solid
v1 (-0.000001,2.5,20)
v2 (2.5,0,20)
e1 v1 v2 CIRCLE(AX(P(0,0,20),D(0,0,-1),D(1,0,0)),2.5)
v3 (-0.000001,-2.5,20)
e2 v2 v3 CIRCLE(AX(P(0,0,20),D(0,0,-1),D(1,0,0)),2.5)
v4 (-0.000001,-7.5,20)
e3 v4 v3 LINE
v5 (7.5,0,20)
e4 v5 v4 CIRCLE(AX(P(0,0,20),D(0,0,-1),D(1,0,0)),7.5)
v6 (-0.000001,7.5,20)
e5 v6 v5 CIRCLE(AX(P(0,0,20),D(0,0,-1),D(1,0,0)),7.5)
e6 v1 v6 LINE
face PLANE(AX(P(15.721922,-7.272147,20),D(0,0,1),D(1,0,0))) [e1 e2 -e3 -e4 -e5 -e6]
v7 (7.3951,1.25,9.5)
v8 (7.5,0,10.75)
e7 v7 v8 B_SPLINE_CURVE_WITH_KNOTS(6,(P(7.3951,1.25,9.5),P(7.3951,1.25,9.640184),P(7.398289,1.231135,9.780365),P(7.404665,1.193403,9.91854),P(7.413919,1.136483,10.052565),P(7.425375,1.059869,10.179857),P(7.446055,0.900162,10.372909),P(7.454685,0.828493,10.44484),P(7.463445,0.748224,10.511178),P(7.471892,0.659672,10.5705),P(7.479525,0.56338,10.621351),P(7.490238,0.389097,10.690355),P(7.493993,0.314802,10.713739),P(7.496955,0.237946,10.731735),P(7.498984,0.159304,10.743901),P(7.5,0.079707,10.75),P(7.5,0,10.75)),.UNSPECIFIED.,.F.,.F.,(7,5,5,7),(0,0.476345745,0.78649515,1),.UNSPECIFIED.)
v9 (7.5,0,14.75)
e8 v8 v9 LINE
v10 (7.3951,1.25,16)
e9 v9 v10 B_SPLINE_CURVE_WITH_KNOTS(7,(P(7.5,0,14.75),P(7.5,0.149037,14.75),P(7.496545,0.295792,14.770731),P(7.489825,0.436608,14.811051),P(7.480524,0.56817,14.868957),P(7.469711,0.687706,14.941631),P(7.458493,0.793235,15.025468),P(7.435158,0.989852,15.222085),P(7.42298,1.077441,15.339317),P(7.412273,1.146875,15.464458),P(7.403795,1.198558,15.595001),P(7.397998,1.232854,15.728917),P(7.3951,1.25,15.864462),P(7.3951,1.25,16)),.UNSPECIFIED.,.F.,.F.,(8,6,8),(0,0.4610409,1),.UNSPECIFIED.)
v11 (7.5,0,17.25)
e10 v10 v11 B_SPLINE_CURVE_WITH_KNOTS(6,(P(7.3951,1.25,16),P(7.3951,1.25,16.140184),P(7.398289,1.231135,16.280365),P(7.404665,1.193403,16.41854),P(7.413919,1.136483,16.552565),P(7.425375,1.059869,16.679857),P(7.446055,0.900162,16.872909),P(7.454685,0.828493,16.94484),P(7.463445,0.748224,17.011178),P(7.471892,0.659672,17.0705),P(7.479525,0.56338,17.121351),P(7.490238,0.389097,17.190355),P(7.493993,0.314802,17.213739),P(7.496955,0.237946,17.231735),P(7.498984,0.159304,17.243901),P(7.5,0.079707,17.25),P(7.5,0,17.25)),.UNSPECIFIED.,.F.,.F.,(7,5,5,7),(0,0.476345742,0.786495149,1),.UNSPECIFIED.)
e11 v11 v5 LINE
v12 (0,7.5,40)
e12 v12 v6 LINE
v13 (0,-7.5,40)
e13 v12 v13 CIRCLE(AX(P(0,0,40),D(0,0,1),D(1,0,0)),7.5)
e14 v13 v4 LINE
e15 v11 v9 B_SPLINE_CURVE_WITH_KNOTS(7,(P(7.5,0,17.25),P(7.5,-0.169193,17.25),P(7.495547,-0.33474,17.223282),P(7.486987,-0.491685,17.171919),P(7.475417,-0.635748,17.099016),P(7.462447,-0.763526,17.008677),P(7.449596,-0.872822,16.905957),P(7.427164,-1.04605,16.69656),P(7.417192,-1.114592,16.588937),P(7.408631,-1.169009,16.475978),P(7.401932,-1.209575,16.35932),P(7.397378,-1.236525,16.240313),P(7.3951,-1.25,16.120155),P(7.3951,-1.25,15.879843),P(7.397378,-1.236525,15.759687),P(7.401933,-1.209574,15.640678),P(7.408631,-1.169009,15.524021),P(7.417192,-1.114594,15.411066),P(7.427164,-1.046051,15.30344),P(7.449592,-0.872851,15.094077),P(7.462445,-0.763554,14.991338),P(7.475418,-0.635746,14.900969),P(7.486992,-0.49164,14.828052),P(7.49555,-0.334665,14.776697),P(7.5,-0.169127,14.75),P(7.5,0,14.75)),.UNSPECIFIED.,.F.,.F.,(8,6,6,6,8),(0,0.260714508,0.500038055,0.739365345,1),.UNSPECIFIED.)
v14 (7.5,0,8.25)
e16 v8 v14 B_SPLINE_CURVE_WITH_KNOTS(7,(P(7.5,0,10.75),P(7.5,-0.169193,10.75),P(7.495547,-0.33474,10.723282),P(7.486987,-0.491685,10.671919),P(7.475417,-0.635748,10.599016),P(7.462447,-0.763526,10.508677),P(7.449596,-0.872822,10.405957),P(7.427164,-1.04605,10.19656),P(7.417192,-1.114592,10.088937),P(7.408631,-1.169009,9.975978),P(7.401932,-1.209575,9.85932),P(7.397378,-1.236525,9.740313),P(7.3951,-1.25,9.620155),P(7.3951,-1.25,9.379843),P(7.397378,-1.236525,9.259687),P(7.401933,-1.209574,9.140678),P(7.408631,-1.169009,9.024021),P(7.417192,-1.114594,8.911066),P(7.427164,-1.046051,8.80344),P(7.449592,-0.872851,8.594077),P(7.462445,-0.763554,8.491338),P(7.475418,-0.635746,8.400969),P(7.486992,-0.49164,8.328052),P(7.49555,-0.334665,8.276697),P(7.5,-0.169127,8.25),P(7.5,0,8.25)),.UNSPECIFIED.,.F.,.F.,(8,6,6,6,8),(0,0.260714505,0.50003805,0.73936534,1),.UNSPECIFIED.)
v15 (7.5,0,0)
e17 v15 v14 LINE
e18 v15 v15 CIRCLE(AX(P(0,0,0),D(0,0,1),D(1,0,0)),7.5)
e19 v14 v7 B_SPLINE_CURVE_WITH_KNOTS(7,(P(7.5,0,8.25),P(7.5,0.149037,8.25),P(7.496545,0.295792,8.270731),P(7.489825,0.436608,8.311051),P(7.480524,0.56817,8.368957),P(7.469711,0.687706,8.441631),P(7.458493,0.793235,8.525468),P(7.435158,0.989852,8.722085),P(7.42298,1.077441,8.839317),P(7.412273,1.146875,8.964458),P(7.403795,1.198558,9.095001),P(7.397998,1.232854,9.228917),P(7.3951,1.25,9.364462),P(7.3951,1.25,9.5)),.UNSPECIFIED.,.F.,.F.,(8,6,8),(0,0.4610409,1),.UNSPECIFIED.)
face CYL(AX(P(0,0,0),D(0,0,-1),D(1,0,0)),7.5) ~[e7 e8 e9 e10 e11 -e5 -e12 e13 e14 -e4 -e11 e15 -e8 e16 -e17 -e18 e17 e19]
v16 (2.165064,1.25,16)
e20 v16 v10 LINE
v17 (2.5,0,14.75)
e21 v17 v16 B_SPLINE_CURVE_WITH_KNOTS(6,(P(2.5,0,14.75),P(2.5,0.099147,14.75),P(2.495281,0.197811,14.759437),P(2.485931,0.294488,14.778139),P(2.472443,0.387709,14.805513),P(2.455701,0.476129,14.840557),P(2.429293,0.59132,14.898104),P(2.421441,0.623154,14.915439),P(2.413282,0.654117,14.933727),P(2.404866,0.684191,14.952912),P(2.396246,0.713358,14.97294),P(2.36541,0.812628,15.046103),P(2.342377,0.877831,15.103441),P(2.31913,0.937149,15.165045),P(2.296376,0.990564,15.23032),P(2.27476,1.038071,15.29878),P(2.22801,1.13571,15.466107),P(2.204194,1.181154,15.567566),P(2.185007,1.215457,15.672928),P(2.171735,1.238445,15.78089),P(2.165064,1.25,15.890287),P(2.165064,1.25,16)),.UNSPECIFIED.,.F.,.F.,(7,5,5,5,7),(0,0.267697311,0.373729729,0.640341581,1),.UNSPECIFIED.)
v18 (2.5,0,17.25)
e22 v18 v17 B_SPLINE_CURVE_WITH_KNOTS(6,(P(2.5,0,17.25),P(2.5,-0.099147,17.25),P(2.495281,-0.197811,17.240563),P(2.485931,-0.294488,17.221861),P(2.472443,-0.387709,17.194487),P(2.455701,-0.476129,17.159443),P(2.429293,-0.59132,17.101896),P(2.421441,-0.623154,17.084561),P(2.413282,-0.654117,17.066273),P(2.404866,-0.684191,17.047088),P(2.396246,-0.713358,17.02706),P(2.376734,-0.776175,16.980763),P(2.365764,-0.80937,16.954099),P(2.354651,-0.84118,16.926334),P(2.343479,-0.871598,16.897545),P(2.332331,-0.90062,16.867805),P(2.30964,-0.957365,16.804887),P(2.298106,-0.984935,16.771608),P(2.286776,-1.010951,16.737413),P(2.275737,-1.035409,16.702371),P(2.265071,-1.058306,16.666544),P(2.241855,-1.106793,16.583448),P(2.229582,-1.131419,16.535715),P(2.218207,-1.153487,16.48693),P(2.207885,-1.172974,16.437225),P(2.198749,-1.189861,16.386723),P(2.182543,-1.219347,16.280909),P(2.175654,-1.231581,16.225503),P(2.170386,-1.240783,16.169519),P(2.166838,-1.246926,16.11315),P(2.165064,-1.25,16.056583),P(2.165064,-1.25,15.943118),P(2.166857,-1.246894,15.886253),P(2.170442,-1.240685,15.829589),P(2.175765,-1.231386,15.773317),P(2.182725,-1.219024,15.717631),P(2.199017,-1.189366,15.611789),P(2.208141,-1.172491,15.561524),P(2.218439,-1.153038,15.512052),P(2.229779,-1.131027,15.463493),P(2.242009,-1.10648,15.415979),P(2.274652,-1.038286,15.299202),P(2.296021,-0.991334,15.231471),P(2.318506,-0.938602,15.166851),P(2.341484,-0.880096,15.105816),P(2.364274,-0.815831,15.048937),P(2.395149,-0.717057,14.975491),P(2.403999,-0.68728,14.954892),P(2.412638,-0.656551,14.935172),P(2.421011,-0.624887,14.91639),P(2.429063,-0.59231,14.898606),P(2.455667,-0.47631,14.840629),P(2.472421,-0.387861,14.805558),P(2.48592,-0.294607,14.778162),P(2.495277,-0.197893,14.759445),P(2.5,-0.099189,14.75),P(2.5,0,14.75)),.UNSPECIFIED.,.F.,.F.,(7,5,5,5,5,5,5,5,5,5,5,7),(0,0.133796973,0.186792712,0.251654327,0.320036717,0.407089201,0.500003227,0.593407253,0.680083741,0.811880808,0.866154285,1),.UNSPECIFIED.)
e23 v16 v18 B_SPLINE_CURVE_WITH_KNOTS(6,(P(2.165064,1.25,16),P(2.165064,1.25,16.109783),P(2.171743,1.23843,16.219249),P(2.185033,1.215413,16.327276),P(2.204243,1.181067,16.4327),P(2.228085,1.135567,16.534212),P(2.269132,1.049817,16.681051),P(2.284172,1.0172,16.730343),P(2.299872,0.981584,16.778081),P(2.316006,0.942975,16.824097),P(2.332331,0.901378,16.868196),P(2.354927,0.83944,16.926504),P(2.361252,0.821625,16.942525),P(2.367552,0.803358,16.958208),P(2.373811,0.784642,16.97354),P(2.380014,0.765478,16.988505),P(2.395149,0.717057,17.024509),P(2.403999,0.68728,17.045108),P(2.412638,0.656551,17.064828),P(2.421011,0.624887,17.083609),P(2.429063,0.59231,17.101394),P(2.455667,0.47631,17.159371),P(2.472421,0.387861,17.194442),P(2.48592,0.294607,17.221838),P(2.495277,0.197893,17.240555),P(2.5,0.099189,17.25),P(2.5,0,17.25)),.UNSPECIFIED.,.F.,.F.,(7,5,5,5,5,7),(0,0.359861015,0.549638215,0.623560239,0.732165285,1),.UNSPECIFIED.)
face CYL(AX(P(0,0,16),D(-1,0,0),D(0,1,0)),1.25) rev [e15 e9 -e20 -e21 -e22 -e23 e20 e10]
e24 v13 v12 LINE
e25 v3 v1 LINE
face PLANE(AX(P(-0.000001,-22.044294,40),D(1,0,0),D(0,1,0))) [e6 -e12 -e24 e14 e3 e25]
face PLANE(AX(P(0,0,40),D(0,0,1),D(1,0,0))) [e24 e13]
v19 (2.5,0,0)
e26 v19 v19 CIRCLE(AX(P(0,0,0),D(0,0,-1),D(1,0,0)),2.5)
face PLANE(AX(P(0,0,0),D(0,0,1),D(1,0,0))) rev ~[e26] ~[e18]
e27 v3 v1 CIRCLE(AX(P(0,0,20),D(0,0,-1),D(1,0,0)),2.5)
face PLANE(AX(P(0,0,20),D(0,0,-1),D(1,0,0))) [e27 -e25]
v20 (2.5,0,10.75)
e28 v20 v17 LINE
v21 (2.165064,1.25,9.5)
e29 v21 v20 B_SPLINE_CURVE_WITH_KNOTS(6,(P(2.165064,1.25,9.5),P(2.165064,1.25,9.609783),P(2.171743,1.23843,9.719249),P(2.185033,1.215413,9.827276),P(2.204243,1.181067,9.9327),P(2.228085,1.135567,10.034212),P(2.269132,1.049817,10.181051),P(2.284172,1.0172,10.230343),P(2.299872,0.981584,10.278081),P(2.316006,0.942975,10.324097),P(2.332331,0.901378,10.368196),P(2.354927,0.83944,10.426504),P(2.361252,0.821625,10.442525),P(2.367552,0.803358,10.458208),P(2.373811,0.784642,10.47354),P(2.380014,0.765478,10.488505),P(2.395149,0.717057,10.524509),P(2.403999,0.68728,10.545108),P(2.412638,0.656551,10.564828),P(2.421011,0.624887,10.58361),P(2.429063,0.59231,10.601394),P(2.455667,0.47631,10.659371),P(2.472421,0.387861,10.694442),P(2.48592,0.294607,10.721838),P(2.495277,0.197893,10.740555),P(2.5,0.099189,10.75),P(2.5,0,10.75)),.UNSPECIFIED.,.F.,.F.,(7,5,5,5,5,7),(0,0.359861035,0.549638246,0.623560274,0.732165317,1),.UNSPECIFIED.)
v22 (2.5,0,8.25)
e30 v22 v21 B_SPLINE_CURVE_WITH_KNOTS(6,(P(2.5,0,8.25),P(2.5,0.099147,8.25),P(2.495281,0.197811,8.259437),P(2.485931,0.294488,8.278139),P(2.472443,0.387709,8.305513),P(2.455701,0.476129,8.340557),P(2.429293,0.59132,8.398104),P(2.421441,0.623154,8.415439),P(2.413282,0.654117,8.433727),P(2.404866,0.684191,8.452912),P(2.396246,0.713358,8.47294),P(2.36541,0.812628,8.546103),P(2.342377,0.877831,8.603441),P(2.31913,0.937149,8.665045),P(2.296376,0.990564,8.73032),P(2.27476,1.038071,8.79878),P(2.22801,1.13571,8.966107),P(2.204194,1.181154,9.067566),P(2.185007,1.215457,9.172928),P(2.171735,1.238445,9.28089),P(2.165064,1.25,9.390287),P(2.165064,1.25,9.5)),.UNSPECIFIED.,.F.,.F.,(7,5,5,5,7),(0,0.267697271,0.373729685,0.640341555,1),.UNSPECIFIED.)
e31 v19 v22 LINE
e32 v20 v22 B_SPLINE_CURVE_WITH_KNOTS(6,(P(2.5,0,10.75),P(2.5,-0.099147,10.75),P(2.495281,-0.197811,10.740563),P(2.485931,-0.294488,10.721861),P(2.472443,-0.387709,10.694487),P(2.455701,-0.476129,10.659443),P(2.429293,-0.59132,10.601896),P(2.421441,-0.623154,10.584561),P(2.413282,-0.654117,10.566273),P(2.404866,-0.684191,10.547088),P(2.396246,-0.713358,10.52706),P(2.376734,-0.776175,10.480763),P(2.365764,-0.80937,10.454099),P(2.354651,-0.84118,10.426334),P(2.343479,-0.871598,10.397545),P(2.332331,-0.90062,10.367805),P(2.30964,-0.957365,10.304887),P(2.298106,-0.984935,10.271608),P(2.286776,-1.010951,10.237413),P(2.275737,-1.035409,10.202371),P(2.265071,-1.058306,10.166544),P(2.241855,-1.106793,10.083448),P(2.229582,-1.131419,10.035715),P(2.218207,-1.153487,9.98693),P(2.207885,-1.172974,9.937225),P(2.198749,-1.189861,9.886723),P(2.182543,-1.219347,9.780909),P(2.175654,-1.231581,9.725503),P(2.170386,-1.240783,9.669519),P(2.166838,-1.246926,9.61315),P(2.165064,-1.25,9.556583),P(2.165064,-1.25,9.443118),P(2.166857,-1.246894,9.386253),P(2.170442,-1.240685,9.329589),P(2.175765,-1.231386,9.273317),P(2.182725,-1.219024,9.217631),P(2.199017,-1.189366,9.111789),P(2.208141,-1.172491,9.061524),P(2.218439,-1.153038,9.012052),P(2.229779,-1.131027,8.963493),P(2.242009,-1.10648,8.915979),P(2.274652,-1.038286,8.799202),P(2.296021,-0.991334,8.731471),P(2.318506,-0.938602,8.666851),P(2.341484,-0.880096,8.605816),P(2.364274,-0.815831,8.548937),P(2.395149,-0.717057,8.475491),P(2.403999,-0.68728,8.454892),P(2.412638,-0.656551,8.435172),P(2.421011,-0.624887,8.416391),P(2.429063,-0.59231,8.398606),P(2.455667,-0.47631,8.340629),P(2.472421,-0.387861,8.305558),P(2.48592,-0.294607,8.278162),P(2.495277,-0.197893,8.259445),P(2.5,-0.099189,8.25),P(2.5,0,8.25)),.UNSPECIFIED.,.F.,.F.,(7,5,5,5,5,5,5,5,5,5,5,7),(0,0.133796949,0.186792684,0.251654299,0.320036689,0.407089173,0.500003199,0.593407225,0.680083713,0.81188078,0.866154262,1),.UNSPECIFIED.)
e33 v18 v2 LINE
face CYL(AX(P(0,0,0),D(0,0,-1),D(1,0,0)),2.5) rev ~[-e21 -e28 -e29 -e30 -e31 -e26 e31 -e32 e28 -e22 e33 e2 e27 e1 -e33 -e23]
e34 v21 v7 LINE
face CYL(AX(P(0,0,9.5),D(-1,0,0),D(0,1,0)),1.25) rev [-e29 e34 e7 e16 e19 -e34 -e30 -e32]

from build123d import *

# Parameters (mm, degrees)
F0_R     = 7.5
F1_DEPTH = 40
F2_W     = 31.443845
F2_H     = 29.544295
F3_DEPTH = 20
F4_R     = 2.5
F5_DEPTH = 20
F6_R     = 1.25
F7_DEPTH = 15


with BuildPart() as f1:
    # F0 (on Top) → F1 (new body)
    with BuildSketch(Plane.XY):
        Circle(F0_R)
    extrude(amount=F1_DEPTH)

    # F2 (on face) → F3 (cut)
    with BuildSketch(Plane.XY.offset(40)):
        with Locations((15.721922, -7.272147)):
            Rectangle(F2_W, F2_H)
    extrude(amount=-F3_DEPTH, mode=Mode.SUBTRACT)

    # F4 (on face) → F5 (cut)
    with BuildSketch(Plane(origin=(0, 0, 0), x_dir=(1, 0, 0), z_dir=(0, 0, -1))):
        Circle(F4_R)
    extrude(amount=-F5_DEPTH, mode=Mode.SUBTRACT)

    # F6 (on face) → F7 (cut)
    with BuildSketch(Plane.YZ):
        with Locations((0, 16)):
            Circle(F6_R)
        with Locations((0, 9.5)):
            Circle(F6_R)
    extrude(amount=F7_DEPTH, mode=Mode.SUBTRACT)


solid = f1.part
